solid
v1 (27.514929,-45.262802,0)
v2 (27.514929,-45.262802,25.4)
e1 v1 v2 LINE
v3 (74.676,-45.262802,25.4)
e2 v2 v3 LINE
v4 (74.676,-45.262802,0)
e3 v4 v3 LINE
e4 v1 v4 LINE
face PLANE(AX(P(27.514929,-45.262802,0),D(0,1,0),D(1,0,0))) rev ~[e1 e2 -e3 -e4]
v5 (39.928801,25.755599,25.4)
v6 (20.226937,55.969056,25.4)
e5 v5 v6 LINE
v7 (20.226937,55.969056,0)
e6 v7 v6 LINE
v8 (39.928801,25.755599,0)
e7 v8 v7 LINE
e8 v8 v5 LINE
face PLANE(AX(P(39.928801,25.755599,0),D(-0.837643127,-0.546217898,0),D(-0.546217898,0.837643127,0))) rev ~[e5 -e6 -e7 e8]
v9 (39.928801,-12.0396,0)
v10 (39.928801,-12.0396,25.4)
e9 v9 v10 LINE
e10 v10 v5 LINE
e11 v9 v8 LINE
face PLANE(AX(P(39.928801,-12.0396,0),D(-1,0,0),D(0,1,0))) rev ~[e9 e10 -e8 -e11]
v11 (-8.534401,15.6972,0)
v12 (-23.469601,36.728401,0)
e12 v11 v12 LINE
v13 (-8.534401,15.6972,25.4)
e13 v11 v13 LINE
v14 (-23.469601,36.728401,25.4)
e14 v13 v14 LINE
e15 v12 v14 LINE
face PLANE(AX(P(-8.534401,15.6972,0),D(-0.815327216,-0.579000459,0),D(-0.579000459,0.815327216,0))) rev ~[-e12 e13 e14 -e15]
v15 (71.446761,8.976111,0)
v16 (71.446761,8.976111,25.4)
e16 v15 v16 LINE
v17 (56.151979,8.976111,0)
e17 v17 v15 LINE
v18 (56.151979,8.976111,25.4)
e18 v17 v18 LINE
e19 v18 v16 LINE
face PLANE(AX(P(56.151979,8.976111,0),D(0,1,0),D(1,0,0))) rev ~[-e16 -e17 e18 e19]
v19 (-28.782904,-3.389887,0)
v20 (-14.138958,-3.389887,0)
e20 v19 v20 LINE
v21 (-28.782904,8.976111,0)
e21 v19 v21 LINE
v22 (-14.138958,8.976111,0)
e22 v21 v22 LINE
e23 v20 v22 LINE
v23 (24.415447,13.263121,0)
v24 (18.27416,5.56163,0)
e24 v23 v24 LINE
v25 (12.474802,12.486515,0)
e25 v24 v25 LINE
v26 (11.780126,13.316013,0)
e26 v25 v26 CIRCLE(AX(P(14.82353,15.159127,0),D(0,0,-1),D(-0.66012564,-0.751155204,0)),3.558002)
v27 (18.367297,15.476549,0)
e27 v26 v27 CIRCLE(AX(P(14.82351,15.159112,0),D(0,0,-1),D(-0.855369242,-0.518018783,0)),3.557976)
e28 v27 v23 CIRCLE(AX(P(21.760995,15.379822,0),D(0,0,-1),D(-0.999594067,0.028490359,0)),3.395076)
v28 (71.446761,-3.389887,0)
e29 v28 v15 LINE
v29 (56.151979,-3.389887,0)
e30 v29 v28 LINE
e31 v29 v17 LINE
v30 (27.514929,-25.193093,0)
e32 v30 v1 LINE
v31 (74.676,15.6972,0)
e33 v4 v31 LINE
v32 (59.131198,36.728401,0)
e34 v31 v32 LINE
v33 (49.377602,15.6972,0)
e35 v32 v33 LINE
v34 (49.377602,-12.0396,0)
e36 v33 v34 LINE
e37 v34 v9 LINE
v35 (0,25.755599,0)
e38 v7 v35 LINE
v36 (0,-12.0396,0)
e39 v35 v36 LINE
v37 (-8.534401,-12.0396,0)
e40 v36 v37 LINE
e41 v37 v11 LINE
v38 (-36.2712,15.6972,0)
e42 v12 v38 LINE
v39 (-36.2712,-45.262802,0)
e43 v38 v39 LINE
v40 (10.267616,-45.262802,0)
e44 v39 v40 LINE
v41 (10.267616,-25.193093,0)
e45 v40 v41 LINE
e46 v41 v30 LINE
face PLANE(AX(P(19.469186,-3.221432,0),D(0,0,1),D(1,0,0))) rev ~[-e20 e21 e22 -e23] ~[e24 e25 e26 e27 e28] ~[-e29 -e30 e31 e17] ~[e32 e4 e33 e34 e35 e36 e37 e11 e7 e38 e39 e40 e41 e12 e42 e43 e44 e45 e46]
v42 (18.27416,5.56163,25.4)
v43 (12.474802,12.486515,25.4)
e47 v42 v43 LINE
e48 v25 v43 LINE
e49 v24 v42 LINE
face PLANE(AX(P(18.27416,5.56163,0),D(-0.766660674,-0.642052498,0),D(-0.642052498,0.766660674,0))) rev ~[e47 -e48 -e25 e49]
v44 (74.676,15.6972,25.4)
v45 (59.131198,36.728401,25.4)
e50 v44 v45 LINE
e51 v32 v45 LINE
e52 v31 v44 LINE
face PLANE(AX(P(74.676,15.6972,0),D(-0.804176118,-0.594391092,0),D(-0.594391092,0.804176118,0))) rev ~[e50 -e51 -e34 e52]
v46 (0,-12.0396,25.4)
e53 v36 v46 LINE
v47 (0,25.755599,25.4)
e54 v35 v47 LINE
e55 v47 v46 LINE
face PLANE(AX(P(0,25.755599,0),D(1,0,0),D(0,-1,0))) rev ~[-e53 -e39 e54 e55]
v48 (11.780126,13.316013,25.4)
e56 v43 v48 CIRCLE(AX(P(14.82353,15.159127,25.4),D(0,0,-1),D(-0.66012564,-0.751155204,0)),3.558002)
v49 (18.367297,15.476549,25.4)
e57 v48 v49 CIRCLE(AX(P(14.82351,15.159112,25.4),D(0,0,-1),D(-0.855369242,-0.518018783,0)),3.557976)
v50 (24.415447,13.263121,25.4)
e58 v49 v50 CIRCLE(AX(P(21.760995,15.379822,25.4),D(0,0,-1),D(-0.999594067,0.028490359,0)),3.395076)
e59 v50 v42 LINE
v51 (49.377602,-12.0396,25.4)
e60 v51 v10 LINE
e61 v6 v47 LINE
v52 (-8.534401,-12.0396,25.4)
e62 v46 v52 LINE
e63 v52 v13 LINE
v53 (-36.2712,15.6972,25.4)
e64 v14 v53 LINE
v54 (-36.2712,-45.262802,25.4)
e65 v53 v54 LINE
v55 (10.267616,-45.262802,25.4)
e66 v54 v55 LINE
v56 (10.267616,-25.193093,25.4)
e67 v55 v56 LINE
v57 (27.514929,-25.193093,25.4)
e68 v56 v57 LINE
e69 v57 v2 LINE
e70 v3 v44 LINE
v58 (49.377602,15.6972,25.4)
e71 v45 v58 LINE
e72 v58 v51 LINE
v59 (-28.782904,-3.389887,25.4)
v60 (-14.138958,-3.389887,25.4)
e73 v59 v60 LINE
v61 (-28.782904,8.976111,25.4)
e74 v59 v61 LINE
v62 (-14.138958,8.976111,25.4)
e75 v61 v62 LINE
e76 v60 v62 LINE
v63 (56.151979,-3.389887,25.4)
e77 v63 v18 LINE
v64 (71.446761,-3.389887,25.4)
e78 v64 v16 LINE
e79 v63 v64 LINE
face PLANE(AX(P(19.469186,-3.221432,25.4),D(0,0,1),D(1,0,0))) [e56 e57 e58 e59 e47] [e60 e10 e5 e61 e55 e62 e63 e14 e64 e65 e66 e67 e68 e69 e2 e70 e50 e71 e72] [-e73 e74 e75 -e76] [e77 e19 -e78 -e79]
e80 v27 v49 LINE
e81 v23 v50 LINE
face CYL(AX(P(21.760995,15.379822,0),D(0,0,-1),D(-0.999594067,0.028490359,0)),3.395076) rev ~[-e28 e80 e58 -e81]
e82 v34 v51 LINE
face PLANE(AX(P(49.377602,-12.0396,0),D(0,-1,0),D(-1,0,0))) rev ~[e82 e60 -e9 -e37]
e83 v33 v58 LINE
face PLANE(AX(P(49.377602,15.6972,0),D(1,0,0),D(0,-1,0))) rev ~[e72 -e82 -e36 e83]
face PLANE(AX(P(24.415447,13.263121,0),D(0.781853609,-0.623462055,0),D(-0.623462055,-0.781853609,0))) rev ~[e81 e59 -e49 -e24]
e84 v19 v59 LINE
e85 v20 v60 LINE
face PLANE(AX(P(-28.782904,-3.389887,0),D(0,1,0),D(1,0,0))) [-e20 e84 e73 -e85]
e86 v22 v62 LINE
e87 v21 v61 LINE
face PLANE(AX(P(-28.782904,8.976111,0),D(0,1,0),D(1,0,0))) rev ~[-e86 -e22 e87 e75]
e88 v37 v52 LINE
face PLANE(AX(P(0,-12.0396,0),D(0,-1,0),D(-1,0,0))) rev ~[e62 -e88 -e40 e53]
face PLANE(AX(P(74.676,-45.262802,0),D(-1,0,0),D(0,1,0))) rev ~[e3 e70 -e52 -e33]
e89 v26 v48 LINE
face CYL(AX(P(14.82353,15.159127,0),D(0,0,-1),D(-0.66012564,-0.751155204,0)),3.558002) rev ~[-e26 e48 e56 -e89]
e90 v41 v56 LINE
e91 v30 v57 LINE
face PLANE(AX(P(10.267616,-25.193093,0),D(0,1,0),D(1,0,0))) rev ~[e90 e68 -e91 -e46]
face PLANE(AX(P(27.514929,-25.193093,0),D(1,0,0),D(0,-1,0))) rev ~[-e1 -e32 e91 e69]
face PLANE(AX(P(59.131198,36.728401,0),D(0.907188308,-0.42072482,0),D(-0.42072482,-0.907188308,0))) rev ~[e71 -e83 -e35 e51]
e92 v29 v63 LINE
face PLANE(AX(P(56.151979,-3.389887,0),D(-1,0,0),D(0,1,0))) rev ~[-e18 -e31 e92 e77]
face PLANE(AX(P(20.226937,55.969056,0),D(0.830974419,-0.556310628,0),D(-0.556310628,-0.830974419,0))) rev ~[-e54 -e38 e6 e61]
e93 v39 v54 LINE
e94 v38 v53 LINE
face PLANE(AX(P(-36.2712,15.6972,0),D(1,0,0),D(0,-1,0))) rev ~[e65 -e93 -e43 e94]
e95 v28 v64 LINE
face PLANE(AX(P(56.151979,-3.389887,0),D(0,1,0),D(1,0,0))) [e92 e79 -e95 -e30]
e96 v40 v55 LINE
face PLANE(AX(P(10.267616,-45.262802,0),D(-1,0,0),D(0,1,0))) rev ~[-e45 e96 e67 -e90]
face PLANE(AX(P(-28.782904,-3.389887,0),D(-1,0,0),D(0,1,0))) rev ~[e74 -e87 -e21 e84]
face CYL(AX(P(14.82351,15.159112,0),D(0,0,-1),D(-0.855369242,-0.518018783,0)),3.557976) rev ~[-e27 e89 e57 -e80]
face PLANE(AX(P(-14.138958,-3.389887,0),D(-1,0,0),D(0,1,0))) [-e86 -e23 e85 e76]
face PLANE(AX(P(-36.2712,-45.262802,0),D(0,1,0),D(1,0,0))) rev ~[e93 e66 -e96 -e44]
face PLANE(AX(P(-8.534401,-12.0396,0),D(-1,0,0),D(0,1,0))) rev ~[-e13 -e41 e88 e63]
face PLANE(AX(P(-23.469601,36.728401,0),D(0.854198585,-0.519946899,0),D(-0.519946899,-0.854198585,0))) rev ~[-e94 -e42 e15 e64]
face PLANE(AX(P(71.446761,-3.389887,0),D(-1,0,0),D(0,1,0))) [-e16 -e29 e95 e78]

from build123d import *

# Parameters (mm, degrees)
F0_W     = 14.643946
F0_H     = 12.365998
F0_W_2   = 15.294782
F1_DEPTH = 25.4


with BuildPart() as f1:
    # F0 (on Top) → F1 (new body)
    with BuildSketch(Plane.XY):
        Polygon((0, -12.0396), (-8.534401, -12.0396), (-8.534401, 15.6972), (-23.469601, 36.728401), (-36.2712, 15.6972), (-36.2712, -12.0396), (-36.2712, -45.262802), (10.267616, -45.262802), (10.267616, -25.193093), (27.514929, -25.193093), (27.514929, -45.262802), (74.676, -45.262802), (74.676, -12.0396), (74.676, 15.6972), (59.131198, 36.728401), (49.377602, 15.6972), (49.377602, -12.0396), (39.928801, -12.0396), (39.928801, 25.755599), (20.226937, 55.969056), (0, 25.755599), align=None)
        with Locations((-21.460931, 2.793112)):
            Rectangle(F0_W, F0_H, mode=Mode.SUBTRACT)
        with Locations((63.79937, 2.793112)):
            Rectangle(F0_W_2, F0_H, mode=Mode.SUBTRACT)
        with BuildLine():
            ThreePointArc((11.780126, 13.316013), (13.714645, 18.539883), (18.367297, 15.476549))
            ThreePointArc((18.367297, 15.476549), (22.927801, 18.568098), (24.415447, 13.263121))
            Line((24.415447, 13.263121), (18.27416, 5.56163))
            Line((18.27416, 5.56163), (12.474802, 12.486515))
            ThreePointArc((12.474802, 12.486515), (12.095749, 12.874704), (11.780126, 13.316013))
        make_face(mode=Mode.SUBTRACT)
    extrude(amount=F1_DEPTH)


solid = f1.part
